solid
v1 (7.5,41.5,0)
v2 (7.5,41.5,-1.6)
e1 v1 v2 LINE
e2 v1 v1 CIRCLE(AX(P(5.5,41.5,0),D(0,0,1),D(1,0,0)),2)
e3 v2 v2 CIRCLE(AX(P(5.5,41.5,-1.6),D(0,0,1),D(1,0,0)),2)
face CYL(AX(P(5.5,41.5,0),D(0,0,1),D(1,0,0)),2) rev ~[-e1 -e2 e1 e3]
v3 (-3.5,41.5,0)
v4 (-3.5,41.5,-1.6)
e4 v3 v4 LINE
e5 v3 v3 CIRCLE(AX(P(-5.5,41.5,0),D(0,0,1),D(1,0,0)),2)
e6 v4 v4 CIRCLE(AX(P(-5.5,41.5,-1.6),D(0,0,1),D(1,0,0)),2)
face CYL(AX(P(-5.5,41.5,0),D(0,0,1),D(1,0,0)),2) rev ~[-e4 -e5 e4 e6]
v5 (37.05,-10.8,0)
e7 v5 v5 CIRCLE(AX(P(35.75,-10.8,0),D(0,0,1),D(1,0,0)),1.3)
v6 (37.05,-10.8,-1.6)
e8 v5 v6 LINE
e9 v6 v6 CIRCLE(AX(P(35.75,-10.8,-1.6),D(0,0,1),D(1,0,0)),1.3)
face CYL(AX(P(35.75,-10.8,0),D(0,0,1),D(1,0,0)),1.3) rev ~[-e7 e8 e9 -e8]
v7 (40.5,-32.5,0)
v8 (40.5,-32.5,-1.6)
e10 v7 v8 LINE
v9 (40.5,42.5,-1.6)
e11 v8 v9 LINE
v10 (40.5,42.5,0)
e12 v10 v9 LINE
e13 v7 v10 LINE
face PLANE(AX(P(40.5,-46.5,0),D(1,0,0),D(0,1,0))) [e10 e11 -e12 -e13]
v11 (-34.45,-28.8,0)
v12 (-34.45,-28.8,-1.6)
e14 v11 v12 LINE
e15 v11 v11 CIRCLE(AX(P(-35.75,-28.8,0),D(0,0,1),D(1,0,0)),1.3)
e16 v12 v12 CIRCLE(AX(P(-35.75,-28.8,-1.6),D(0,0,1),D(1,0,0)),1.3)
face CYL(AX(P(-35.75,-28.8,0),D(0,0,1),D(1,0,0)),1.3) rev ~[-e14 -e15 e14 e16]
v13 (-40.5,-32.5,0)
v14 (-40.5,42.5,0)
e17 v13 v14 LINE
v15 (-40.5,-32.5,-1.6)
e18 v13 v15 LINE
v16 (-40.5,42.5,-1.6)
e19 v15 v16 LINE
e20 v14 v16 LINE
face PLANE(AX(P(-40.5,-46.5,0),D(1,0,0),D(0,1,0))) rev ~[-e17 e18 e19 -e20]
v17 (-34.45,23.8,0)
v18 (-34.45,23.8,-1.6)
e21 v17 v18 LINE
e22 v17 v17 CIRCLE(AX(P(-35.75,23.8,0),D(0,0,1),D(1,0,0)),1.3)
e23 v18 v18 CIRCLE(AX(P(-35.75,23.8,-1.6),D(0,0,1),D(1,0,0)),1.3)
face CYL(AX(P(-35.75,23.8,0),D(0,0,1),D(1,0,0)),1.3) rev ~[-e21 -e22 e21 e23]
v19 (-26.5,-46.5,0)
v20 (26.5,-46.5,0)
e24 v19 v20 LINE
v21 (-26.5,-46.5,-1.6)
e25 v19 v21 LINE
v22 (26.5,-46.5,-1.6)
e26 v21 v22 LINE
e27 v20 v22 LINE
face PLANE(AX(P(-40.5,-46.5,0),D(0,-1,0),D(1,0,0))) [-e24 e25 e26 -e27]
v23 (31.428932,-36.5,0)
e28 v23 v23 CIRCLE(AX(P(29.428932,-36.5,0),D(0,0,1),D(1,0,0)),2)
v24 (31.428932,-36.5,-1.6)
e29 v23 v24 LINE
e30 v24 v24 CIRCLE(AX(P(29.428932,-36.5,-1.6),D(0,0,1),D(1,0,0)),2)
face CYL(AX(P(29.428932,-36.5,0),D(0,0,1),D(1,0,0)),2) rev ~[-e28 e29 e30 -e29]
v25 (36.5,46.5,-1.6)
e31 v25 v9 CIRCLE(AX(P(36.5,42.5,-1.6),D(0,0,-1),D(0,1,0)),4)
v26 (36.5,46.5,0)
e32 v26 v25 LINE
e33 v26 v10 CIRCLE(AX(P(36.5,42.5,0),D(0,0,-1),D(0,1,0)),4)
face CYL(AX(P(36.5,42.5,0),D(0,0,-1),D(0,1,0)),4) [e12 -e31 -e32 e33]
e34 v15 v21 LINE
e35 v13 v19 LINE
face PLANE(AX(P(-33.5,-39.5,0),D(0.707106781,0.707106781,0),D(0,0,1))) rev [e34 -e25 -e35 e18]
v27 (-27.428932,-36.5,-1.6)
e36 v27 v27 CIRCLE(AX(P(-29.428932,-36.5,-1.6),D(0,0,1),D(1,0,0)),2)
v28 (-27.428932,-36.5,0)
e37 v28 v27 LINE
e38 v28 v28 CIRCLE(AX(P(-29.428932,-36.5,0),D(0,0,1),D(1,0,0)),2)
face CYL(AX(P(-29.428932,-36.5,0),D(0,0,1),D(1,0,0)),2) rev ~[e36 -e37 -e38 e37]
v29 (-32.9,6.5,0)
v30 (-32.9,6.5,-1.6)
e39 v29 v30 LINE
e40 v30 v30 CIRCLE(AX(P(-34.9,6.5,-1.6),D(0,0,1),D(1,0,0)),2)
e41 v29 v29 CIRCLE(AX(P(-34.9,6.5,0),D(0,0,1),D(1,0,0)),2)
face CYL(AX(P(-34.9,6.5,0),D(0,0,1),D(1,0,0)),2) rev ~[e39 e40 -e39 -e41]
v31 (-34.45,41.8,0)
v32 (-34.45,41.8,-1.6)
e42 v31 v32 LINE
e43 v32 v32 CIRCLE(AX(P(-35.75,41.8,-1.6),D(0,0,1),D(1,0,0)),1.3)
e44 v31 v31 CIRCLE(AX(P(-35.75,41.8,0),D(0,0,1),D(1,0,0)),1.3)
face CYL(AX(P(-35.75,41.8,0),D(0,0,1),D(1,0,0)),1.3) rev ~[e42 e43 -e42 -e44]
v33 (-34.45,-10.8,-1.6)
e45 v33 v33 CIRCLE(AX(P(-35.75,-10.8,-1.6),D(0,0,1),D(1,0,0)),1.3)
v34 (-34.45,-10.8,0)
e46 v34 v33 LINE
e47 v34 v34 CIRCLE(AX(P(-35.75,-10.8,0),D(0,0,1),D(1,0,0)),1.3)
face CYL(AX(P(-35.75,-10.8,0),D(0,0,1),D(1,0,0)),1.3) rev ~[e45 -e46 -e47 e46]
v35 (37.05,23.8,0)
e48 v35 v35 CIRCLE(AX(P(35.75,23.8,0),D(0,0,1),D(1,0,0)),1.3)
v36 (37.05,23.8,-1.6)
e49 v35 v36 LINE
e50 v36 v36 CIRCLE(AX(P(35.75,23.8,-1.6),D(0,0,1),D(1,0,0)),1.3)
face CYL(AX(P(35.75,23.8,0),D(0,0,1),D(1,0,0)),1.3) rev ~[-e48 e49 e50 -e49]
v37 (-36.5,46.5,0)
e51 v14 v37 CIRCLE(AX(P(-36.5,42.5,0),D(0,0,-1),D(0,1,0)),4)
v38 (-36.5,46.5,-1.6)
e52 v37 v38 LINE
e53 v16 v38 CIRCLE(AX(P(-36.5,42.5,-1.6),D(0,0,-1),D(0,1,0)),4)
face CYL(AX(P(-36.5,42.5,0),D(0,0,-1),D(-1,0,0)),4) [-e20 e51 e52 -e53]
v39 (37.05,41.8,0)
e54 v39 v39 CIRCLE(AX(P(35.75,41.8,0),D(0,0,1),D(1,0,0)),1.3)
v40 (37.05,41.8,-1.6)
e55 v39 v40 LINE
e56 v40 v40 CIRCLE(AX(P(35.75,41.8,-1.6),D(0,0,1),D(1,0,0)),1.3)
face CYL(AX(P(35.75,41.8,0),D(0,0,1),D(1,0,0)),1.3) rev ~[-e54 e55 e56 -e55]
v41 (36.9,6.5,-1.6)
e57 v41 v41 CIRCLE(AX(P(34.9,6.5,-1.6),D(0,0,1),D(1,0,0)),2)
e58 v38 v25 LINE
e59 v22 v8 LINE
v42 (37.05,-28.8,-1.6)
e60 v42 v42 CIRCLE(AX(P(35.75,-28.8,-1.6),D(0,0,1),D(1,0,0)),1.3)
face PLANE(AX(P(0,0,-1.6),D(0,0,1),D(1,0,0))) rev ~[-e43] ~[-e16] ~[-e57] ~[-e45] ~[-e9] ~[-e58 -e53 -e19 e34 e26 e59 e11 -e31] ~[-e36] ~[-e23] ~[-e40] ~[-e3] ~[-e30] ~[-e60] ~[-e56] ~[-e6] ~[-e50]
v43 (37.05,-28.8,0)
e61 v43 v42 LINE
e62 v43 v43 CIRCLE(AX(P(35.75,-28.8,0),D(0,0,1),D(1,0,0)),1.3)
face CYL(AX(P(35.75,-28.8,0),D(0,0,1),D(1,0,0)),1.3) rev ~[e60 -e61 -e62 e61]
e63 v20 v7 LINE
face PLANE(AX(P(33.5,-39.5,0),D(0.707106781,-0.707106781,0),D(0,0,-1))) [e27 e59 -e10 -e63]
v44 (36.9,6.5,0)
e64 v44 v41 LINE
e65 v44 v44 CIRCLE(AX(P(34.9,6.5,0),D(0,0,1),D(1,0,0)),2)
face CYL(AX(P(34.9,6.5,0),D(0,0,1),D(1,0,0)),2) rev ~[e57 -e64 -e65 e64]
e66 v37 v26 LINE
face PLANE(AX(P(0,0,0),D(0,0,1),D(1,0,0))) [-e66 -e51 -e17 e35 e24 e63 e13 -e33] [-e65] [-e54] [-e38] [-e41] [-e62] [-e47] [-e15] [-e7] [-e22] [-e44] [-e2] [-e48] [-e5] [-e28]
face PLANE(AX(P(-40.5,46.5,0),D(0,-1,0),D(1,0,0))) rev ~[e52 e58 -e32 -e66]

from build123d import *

# Parameters (mm, degrees)
SKETCH001_W   = 81
SKETCH001_H   = 93
PAD_DEPTH     = 1.6
CHAMFER_SIZE  = 14
FILLET_R      = 4
SKETCH002_R   = 1.3
HOLE_DEPTH    = 1.601
SKETCH003_R   = 2
HOLE001_DEPTH = 1.601
SKETCH004_R   = 2
HOLE002_DEPTH = 1.601


with BuildPart() as part:
    # Sketch001 → Pad (new body)
    with BuildSketch(Plane.XY):
        Rectangle(SKETCH001_W, SKETCH001_H)
    extrude(amount=-PAD_DEPTH)

    # Chamfer
    chamfer_edges = [part.edges().sort_by_distance(p)[0] for p in [
        (-40.5, -46.5, -0.8),
        (40.5, -46.5, -0.8),
    ]]
    chamfer(chamfer_edges, length=CHAMFER_SIZE)

    # Fillet
    fillet_edges = [part.edges().sort_by_distance(p)[0] for p in [
        (-40.5, 46.5, -0.8),
        (40.5, 46.5, -0.8),
    ]]
    fillet(fillet_edges, radius=FILLET_R)

    # Sketch002 (on Face2 of Fillet) → Hole (cut, through all)
    with BuildSketch(Plane.XY):
        with Locations((-35.75, 41.8)):
            Circle(SKETCH002_R)
        with Locations((-35.75, 23.8)):
            Circle(SKETCH002_R)
        with Locations((35.75, 41.8)):
            Circle(SKETCH002_R)
        with Locations((35.75, 23.8)):
            Circle(SKETCH002_R)
        with Locations((-35.75, -10.8)):
            Circle(SKETCH002_R)
        with Locations((-35.75, -28.8)):
            Circle(SKETCH002_R)
        with Locations((35.75, -28.8)):
            Circle(SKETCH002_R)
        with Locations((35.75, -10.8)):
            Circle(SKETCH002_R)
    extrude(amount=-HOLE_DEPTH, mode=Mode.SUBTRACT)

    # Sketch003 (on Face2 of Hole) → Hole001 (cut, through all)
    with BuildSketch(Plane.XY):
        with Locations((-5.5, 41.5)):
            Circle(SKETCH003_R)
        with Locations((5.5, 41.5)):
            Circle(SKETCH003_R)
        with Locations((-29.428932, -36.5)):
            Circle(SKETCH003_R)
        with Locations((29.428932, -36.5)):
            Circle(SKETCH003_R)
    extrude(amount=-HOLE001_DEPTH, mode=Mode.SUBTRACT)

    # Sketch004 (on Face2 of Hole001) → Hole002 (cut, through all)
    with BuildSketch(Plane.XY):
        with Locations((-34.9, 6.5)):
            Circle(SKETCH004_R)
        with Locations((34.9, 6.5)):
            Circle(SKETCH004_R)
    extrude(amount=-HOLE002_DEPTH, mode=Mode.SUBTRACT)


solid = part.part
